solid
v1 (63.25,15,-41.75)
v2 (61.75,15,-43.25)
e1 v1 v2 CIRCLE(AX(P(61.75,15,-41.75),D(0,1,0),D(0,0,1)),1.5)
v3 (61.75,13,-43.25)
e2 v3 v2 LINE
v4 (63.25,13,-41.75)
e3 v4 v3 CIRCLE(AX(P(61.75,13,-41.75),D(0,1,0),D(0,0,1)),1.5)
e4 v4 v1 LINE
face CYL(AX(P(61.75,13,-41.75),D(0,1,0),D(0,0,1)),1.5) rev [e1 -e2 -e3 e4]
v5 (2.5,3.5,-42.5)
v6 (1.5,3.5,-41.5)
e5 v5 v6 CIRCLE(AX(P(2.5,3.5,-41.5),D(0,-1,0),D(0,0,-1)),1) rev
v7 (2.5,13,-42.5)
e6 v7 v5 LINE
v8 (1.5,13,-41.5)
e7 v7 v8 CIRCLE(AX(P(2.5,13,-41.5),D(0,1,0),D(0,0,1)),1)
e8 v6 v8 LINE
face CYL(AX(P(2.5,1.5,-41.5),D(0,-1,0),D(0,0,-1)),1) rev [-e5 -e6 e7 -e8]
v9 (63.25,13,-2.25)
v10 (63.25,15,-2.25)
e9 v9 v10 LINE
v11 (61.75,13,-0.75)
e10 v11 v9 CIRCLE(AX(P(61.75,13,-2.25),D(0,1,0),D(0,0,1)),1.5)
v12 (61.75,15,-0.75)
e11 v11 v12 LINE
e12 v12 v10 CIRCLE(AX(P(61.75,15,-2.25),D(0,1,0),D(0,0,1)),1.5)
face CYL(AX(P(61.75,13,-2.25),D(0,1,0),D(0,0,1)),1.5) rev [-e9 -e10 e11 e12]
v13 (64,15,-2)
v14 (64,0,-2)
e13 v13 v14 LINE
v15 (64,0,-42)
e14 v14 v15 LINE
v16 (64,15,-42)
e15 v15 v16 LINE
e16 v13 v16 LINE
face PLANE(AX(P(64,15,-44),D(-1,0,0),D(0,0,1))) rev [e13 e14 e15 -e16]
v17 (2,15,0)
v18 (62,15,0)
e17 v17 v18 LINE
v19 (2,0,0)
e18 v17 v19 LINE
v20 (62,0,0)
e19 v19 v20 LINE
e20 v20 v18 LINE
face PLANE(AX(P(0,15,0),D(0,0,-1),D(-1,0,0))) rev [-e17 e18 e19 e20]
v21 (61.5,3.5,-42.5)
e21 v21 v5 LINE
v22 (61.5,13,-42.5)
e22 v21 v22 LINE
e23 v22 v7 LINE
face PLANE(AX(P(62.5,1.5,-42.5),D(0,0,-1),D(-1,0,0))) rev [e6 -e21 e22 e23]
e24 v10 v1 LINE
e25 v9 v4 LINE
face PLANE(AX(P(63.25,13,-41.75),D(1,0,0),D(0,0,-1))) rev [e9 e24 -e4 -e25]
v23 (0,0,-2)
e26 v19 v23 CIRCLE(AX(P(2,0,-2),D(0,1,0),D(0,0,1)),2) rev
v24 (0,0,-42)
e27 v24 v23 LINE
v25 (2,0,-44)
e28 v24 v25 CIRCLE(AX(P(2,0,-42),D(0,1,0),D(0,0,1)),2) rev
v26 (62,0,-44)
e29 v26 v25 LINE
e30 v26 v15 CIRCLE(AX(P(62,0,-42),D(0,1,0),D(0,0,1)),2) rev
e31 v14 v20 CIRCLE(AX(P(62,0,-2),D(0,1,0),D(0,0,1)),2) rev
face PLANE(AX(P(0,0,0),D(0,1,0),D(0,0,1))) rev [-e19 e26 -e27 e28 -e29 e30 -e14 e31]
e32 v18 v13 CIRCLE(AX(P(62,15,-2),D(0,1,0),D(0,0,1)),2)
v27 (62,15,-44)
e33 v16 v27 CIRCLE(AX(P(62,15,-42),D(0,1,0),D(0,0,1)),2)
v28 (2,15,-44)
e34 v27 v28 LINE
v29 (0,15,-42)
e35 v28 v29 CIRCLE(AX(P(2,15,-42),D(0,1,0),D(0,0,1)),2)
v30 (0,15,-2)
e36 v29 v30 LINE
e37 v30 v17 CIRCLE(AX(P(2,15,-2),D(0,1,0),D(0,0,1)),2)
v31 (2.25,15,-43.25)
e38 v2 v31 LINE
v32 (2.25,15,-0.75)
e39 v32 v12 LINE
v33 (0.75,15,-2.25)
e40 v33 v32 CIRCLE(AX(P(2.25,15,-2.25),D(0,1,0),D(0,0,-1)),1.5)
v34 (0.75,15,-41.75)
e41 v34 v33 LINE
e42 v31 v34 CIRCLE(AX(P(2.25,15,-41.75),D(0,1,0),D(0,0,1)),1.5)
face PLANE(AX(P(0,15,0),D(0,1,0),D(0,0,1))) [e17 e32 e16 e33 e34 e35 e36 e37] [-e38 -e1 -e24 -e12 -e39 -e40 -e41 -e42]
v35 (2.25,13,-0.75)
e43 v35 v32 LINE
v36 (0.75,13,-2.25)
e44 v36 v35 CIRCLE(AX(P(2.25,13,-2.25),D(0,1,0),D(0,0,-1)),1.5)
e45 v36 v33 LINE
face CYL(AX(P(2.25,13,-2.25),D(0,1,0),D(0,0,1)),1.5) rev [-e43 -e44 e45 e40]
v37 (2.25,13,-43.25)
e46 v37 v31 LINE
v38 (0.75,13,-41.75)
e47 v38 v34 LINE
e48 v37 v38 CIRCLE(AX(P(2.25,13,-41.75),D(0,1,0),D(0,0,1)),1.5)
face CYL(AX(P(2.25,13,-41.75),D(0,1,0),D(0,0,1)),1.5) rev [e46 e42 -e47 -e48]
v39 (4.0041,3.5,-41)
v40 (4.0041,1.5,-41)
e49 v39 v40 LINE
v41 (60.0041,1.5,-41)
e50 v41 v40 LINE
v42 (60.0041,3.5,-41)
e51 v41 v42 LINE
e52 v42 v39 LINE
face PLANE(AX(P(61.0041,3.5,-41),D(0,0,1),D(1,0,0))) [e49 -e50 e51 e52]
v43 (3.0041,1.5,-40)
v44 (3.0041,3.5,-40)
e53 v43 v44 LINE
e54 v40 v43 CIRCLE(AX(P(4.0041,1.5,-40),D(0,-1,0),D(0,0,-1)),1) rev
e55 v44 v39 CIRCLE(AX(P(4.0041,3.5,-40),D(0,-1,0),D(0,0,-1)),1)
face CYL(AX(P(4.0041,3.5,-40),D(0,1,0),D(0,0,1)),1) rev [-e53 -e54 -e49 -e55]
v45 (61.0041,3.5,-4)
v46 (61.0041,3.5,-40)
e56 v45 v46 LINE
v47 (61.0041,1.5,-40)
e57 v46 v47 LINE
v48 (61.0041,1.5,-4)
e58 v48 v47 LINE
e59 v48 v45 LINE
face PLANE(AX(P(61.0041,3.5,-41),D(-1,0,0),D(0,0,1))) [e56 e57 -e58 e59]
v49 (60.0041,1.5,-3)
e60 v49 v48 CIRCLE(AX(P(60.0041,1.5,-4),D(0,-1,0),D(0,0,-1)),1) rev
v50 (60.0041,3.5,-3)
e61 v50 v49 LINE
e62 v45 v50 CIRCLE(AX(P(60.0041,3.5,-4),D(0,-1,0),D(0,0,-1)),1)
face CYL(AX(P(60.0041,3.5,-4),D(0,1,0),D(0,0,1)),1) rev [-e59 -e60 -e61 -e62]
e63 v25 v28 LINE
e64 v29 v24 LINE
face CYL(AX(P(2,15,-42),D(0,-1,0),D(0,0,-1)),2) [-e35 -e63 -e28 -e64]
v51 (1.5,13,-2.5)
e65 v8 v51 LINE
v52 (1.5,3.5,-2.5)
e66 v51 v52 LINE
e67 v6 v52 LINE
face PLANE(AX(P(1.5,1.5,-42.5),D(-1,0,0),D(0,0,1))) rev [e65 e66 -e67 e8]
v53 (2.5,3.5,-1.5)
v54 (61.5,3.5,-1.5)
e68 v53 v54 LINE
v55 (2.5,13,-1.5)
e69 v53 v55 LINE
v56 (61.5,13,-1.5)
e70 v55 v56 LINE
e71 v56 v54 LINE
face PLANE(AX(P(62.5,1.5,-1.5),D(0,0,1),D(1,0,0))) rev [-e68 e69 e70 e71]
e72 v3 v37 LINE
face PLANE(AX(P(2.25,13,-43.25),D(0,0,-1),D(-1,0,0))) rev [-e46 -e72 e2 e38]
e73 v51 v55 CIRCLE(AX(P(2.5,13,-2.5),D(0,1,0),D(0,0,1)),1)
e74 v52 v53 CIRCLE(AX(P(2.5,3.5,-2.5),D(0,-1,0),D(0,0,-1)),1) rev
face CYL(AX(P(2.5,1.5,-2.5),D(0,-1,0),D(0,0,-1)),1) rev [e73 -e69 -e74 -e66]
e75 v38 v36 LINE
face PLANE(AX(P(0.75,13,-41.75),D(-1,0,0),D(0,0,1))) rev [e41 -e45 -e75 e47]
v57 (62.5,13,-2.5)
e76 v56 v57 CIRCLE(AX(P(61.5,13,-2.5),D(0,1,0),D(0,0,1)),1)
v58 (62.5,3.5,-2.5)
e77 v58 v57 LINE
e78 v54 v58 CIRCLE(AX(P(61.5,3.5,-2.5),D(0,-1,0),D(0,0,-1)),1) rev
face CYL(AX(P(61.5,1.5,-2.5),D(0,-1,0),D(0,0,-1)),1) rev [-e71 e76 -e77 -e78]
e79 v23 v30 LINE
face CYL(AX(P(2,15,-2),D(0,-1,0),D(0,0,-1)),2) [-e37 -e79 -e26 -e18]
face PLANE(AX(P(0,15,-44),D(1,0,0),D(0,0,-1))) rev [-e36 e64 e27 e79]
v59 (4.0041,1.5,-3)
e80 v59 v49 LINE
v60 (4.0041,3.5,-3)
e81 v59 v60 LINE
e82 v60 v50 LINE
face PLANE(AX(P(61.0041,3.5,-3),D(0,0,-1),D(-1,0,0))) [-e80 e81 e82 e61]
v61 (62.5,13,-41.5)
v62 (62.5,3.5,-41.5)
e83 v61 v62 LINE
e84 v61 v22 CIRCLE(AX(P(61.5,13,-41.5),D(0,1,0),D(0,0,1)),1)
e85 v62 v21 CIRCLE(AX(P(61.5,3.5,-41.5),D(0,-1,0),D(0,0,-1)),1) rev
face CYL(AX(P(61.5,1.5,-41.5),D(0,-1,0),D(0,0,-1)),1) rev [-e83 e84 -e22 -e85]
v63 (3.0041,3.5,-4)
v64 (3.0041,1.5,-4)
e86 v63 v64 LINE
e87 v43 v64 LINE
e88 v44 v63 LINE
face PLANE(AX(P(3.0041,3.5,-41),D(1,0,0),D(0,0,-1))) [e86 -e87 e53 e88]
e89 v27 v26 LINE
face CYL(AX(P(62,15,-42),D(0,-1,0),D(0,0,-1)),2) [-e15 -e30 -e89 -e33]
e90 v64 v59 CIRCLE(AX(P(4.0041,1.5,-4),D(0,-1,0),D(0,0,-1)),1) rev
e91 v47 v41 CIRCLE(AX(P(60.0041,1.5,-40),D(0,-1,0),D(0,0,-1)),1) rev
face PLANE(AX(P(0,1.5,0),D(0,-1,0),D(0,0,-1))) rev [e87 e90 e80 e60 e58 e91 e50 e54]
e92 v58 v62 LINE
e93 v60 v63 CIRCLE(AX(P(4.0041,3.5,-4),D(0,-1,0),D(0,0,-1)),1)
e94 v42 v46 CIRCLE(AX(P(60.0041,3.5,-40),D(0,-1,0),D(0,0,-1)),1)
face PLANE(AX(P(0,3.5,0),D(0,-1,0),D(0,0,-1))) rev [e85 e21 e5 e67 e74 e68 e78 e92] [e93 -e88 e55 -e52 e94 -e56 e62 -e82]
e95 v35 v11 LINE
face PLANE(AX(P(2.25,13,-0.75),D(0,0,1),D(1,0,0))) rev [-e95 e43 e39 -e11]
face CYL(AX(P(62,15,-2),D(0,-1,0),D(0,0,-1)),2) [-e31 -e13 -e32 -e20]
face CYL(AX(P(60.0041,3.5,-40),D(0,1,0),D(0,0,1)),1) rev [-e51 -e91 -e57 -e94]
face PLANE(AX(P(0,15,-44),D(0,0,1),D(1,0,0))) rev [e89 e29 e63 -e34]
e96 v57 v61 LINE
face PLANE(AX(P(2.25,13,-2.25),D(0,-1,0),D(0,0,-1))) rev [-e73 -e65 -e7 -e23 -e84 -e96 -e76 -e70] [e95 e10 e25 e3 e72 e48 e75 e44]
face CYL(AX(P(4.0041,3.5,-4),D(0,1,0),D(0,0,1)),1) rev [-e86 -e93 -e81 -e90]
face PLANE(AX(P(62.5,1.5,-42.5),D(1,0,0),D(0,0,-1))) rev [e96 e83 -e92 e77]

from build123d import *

# Parameters (mm, degrees)
SKETCH1_W           = 64
SKETCH1_H           = 44
BOSS_EXTRUDE1_DEPTH = 15
SKETCH2_W           = 61
SKETCH2_H           = 41
CUT_EXTRUDE1_DEPTH  = 13.5
SKETCH3_W           = 61
SKETCH3_H           = 41
SKETCH3_W_2         = 58
SKETCH3_H_2         = 38
BOSS_EXTRUDE2_DEPTH = 2
FILLET1_R           = 1
FILLET2_R           = 2
CUT_EXTRUDE2_DEPTH  = 2


with BuildPart() as part:
    # Sketch1 → Boss-Extrude1 (new body)
    with BuildSketch(Plane(origin=(0, 0, 0), x_dir=(1, 0, 0), z_dir=(0, 1, 0))):
        with Locations((32, 22)):
            Rectangle(SKETCH1_W, SKETCH1_H)
    extrude(amount=BOSS_EXTRUDE1_DEPTH)

    # Sketch2 → Cut-Extrude1 (cut)
    with BuildSketch(Plane(origin=(0, 15, 0), x_dir=(1, 0, 0), z_dir=(0, 1, 0))):
        with Locations((32, 22)):
            Rectangle(SKETCH2_W, SKETCH2_H)
    extrude(amount=-CUT_EXTRUDE1_DEPTH, mode=Mode.SUBTRACT)

    # Sketch3 → Boss-Extrude2 (add)
    with BuildSketch(Plane(origin=(0, 1.5, 0), x_dir=(1, 0, 0), z_dir=(0, 1, 0))):
        with Locations((32, 22)):
            Rectangle(SKETCH3_W, SKETCH3_H)
        with Locations((32.004099557, 22)):
            Rectangle(SKETCH3_W_2, SKETCH3_H_2, mode=Mode.SUBTRACT)
    extrude(amount=BOSS_EXTRUDE2_DEPTH)

    # Fillet1
    fillet1_edges = [part.edges().sort_by_distance(p)[0] for p in [
        (1.5, 9.25, -42.5),
        (62.5, 9.25, -42.5),
        (1.5, 9.25, -1.5),
        (62.5, 9.25, -1.5),
        (61.004099557, 2.5, -41),
        (3.004099557, 2.5, -41),
        (3.004099557, 2.5, -3),
        (61.004099557, 2.5, -3),
    ]]
    fillet(fillet1_edges, radius=FILLET1_R)

    # Fillet2
    fillet2_edges = [part.edges().sort_by_distance(p)[0] for p in [
        (0, 7.5, -44),
        (64, 7.5, -44),
        (64, 7.5, 0),
        (0, 7.5, 0),
    ]]
    fillet(fillet2_edges, radius=FILLET2_R)

    # Sketch4 → Cut-Extrude2 (cut)
    with BuildSketch(Plane(origin=(0, 15, 0), x_dir=(1, 0, 0), z_dir=(0, 1, 0))):
        with BuildLine():
            Line((2.25, 43.25), (61.75, 43.25))
            ThreePointArc((61.75, 43.25), (62.810660172, 42.810660172), (63.25, 41.75))
            Line((63.25, 41.75), (63.25, 2.25))
            ThreePointArc((63.25, 2.25), (62.810660172, 1.189339828), (61.75, 0.75))
            Line((61.75, 0.75), (2.25, 0.75))
            ThreePointArc((2.25, 0.75), (1.189339828, 1.189339828), (0.75, 2.25))
            Line((0.75, 2.25), (0.75, 41.75))
            ThreePointArc((0.75, 41.75), (1.189339828, 42.810660172), (2.25, 43.25))
        make_face()
        with BuildLine():
            Line((61.5, 42.5), (2.5, 42.5))
            ThreePointArc((2.5, 42.5), (1.792893219, 42.207106781), (1.5, 41.5))
            Line((1.5, 41.5), (1.5, 2.5))
            ThreePointArc((1.5, 2.5), (1.792893219, 1.792893219), (2.5, 1.5))
            Line((2.5, 1.5), (61.5, 1.5))
            ThreePointArc((61.5, 1.5), (62.207106781, 1.792893219), (62.5, 2.5))
            Line((62.5, 2.5), (62.5, 41.5))
            ThreePointArc((62.5, 41.5), (62.207106781, 42.207106781), (61.5, 42.5))
        make_face(mode=Mode.SUBTRACT)
    extrude(amount=-CUT_EXTRUDE2_DEPTH, mode=Mode.SUBTRACT)


solid = part.part
